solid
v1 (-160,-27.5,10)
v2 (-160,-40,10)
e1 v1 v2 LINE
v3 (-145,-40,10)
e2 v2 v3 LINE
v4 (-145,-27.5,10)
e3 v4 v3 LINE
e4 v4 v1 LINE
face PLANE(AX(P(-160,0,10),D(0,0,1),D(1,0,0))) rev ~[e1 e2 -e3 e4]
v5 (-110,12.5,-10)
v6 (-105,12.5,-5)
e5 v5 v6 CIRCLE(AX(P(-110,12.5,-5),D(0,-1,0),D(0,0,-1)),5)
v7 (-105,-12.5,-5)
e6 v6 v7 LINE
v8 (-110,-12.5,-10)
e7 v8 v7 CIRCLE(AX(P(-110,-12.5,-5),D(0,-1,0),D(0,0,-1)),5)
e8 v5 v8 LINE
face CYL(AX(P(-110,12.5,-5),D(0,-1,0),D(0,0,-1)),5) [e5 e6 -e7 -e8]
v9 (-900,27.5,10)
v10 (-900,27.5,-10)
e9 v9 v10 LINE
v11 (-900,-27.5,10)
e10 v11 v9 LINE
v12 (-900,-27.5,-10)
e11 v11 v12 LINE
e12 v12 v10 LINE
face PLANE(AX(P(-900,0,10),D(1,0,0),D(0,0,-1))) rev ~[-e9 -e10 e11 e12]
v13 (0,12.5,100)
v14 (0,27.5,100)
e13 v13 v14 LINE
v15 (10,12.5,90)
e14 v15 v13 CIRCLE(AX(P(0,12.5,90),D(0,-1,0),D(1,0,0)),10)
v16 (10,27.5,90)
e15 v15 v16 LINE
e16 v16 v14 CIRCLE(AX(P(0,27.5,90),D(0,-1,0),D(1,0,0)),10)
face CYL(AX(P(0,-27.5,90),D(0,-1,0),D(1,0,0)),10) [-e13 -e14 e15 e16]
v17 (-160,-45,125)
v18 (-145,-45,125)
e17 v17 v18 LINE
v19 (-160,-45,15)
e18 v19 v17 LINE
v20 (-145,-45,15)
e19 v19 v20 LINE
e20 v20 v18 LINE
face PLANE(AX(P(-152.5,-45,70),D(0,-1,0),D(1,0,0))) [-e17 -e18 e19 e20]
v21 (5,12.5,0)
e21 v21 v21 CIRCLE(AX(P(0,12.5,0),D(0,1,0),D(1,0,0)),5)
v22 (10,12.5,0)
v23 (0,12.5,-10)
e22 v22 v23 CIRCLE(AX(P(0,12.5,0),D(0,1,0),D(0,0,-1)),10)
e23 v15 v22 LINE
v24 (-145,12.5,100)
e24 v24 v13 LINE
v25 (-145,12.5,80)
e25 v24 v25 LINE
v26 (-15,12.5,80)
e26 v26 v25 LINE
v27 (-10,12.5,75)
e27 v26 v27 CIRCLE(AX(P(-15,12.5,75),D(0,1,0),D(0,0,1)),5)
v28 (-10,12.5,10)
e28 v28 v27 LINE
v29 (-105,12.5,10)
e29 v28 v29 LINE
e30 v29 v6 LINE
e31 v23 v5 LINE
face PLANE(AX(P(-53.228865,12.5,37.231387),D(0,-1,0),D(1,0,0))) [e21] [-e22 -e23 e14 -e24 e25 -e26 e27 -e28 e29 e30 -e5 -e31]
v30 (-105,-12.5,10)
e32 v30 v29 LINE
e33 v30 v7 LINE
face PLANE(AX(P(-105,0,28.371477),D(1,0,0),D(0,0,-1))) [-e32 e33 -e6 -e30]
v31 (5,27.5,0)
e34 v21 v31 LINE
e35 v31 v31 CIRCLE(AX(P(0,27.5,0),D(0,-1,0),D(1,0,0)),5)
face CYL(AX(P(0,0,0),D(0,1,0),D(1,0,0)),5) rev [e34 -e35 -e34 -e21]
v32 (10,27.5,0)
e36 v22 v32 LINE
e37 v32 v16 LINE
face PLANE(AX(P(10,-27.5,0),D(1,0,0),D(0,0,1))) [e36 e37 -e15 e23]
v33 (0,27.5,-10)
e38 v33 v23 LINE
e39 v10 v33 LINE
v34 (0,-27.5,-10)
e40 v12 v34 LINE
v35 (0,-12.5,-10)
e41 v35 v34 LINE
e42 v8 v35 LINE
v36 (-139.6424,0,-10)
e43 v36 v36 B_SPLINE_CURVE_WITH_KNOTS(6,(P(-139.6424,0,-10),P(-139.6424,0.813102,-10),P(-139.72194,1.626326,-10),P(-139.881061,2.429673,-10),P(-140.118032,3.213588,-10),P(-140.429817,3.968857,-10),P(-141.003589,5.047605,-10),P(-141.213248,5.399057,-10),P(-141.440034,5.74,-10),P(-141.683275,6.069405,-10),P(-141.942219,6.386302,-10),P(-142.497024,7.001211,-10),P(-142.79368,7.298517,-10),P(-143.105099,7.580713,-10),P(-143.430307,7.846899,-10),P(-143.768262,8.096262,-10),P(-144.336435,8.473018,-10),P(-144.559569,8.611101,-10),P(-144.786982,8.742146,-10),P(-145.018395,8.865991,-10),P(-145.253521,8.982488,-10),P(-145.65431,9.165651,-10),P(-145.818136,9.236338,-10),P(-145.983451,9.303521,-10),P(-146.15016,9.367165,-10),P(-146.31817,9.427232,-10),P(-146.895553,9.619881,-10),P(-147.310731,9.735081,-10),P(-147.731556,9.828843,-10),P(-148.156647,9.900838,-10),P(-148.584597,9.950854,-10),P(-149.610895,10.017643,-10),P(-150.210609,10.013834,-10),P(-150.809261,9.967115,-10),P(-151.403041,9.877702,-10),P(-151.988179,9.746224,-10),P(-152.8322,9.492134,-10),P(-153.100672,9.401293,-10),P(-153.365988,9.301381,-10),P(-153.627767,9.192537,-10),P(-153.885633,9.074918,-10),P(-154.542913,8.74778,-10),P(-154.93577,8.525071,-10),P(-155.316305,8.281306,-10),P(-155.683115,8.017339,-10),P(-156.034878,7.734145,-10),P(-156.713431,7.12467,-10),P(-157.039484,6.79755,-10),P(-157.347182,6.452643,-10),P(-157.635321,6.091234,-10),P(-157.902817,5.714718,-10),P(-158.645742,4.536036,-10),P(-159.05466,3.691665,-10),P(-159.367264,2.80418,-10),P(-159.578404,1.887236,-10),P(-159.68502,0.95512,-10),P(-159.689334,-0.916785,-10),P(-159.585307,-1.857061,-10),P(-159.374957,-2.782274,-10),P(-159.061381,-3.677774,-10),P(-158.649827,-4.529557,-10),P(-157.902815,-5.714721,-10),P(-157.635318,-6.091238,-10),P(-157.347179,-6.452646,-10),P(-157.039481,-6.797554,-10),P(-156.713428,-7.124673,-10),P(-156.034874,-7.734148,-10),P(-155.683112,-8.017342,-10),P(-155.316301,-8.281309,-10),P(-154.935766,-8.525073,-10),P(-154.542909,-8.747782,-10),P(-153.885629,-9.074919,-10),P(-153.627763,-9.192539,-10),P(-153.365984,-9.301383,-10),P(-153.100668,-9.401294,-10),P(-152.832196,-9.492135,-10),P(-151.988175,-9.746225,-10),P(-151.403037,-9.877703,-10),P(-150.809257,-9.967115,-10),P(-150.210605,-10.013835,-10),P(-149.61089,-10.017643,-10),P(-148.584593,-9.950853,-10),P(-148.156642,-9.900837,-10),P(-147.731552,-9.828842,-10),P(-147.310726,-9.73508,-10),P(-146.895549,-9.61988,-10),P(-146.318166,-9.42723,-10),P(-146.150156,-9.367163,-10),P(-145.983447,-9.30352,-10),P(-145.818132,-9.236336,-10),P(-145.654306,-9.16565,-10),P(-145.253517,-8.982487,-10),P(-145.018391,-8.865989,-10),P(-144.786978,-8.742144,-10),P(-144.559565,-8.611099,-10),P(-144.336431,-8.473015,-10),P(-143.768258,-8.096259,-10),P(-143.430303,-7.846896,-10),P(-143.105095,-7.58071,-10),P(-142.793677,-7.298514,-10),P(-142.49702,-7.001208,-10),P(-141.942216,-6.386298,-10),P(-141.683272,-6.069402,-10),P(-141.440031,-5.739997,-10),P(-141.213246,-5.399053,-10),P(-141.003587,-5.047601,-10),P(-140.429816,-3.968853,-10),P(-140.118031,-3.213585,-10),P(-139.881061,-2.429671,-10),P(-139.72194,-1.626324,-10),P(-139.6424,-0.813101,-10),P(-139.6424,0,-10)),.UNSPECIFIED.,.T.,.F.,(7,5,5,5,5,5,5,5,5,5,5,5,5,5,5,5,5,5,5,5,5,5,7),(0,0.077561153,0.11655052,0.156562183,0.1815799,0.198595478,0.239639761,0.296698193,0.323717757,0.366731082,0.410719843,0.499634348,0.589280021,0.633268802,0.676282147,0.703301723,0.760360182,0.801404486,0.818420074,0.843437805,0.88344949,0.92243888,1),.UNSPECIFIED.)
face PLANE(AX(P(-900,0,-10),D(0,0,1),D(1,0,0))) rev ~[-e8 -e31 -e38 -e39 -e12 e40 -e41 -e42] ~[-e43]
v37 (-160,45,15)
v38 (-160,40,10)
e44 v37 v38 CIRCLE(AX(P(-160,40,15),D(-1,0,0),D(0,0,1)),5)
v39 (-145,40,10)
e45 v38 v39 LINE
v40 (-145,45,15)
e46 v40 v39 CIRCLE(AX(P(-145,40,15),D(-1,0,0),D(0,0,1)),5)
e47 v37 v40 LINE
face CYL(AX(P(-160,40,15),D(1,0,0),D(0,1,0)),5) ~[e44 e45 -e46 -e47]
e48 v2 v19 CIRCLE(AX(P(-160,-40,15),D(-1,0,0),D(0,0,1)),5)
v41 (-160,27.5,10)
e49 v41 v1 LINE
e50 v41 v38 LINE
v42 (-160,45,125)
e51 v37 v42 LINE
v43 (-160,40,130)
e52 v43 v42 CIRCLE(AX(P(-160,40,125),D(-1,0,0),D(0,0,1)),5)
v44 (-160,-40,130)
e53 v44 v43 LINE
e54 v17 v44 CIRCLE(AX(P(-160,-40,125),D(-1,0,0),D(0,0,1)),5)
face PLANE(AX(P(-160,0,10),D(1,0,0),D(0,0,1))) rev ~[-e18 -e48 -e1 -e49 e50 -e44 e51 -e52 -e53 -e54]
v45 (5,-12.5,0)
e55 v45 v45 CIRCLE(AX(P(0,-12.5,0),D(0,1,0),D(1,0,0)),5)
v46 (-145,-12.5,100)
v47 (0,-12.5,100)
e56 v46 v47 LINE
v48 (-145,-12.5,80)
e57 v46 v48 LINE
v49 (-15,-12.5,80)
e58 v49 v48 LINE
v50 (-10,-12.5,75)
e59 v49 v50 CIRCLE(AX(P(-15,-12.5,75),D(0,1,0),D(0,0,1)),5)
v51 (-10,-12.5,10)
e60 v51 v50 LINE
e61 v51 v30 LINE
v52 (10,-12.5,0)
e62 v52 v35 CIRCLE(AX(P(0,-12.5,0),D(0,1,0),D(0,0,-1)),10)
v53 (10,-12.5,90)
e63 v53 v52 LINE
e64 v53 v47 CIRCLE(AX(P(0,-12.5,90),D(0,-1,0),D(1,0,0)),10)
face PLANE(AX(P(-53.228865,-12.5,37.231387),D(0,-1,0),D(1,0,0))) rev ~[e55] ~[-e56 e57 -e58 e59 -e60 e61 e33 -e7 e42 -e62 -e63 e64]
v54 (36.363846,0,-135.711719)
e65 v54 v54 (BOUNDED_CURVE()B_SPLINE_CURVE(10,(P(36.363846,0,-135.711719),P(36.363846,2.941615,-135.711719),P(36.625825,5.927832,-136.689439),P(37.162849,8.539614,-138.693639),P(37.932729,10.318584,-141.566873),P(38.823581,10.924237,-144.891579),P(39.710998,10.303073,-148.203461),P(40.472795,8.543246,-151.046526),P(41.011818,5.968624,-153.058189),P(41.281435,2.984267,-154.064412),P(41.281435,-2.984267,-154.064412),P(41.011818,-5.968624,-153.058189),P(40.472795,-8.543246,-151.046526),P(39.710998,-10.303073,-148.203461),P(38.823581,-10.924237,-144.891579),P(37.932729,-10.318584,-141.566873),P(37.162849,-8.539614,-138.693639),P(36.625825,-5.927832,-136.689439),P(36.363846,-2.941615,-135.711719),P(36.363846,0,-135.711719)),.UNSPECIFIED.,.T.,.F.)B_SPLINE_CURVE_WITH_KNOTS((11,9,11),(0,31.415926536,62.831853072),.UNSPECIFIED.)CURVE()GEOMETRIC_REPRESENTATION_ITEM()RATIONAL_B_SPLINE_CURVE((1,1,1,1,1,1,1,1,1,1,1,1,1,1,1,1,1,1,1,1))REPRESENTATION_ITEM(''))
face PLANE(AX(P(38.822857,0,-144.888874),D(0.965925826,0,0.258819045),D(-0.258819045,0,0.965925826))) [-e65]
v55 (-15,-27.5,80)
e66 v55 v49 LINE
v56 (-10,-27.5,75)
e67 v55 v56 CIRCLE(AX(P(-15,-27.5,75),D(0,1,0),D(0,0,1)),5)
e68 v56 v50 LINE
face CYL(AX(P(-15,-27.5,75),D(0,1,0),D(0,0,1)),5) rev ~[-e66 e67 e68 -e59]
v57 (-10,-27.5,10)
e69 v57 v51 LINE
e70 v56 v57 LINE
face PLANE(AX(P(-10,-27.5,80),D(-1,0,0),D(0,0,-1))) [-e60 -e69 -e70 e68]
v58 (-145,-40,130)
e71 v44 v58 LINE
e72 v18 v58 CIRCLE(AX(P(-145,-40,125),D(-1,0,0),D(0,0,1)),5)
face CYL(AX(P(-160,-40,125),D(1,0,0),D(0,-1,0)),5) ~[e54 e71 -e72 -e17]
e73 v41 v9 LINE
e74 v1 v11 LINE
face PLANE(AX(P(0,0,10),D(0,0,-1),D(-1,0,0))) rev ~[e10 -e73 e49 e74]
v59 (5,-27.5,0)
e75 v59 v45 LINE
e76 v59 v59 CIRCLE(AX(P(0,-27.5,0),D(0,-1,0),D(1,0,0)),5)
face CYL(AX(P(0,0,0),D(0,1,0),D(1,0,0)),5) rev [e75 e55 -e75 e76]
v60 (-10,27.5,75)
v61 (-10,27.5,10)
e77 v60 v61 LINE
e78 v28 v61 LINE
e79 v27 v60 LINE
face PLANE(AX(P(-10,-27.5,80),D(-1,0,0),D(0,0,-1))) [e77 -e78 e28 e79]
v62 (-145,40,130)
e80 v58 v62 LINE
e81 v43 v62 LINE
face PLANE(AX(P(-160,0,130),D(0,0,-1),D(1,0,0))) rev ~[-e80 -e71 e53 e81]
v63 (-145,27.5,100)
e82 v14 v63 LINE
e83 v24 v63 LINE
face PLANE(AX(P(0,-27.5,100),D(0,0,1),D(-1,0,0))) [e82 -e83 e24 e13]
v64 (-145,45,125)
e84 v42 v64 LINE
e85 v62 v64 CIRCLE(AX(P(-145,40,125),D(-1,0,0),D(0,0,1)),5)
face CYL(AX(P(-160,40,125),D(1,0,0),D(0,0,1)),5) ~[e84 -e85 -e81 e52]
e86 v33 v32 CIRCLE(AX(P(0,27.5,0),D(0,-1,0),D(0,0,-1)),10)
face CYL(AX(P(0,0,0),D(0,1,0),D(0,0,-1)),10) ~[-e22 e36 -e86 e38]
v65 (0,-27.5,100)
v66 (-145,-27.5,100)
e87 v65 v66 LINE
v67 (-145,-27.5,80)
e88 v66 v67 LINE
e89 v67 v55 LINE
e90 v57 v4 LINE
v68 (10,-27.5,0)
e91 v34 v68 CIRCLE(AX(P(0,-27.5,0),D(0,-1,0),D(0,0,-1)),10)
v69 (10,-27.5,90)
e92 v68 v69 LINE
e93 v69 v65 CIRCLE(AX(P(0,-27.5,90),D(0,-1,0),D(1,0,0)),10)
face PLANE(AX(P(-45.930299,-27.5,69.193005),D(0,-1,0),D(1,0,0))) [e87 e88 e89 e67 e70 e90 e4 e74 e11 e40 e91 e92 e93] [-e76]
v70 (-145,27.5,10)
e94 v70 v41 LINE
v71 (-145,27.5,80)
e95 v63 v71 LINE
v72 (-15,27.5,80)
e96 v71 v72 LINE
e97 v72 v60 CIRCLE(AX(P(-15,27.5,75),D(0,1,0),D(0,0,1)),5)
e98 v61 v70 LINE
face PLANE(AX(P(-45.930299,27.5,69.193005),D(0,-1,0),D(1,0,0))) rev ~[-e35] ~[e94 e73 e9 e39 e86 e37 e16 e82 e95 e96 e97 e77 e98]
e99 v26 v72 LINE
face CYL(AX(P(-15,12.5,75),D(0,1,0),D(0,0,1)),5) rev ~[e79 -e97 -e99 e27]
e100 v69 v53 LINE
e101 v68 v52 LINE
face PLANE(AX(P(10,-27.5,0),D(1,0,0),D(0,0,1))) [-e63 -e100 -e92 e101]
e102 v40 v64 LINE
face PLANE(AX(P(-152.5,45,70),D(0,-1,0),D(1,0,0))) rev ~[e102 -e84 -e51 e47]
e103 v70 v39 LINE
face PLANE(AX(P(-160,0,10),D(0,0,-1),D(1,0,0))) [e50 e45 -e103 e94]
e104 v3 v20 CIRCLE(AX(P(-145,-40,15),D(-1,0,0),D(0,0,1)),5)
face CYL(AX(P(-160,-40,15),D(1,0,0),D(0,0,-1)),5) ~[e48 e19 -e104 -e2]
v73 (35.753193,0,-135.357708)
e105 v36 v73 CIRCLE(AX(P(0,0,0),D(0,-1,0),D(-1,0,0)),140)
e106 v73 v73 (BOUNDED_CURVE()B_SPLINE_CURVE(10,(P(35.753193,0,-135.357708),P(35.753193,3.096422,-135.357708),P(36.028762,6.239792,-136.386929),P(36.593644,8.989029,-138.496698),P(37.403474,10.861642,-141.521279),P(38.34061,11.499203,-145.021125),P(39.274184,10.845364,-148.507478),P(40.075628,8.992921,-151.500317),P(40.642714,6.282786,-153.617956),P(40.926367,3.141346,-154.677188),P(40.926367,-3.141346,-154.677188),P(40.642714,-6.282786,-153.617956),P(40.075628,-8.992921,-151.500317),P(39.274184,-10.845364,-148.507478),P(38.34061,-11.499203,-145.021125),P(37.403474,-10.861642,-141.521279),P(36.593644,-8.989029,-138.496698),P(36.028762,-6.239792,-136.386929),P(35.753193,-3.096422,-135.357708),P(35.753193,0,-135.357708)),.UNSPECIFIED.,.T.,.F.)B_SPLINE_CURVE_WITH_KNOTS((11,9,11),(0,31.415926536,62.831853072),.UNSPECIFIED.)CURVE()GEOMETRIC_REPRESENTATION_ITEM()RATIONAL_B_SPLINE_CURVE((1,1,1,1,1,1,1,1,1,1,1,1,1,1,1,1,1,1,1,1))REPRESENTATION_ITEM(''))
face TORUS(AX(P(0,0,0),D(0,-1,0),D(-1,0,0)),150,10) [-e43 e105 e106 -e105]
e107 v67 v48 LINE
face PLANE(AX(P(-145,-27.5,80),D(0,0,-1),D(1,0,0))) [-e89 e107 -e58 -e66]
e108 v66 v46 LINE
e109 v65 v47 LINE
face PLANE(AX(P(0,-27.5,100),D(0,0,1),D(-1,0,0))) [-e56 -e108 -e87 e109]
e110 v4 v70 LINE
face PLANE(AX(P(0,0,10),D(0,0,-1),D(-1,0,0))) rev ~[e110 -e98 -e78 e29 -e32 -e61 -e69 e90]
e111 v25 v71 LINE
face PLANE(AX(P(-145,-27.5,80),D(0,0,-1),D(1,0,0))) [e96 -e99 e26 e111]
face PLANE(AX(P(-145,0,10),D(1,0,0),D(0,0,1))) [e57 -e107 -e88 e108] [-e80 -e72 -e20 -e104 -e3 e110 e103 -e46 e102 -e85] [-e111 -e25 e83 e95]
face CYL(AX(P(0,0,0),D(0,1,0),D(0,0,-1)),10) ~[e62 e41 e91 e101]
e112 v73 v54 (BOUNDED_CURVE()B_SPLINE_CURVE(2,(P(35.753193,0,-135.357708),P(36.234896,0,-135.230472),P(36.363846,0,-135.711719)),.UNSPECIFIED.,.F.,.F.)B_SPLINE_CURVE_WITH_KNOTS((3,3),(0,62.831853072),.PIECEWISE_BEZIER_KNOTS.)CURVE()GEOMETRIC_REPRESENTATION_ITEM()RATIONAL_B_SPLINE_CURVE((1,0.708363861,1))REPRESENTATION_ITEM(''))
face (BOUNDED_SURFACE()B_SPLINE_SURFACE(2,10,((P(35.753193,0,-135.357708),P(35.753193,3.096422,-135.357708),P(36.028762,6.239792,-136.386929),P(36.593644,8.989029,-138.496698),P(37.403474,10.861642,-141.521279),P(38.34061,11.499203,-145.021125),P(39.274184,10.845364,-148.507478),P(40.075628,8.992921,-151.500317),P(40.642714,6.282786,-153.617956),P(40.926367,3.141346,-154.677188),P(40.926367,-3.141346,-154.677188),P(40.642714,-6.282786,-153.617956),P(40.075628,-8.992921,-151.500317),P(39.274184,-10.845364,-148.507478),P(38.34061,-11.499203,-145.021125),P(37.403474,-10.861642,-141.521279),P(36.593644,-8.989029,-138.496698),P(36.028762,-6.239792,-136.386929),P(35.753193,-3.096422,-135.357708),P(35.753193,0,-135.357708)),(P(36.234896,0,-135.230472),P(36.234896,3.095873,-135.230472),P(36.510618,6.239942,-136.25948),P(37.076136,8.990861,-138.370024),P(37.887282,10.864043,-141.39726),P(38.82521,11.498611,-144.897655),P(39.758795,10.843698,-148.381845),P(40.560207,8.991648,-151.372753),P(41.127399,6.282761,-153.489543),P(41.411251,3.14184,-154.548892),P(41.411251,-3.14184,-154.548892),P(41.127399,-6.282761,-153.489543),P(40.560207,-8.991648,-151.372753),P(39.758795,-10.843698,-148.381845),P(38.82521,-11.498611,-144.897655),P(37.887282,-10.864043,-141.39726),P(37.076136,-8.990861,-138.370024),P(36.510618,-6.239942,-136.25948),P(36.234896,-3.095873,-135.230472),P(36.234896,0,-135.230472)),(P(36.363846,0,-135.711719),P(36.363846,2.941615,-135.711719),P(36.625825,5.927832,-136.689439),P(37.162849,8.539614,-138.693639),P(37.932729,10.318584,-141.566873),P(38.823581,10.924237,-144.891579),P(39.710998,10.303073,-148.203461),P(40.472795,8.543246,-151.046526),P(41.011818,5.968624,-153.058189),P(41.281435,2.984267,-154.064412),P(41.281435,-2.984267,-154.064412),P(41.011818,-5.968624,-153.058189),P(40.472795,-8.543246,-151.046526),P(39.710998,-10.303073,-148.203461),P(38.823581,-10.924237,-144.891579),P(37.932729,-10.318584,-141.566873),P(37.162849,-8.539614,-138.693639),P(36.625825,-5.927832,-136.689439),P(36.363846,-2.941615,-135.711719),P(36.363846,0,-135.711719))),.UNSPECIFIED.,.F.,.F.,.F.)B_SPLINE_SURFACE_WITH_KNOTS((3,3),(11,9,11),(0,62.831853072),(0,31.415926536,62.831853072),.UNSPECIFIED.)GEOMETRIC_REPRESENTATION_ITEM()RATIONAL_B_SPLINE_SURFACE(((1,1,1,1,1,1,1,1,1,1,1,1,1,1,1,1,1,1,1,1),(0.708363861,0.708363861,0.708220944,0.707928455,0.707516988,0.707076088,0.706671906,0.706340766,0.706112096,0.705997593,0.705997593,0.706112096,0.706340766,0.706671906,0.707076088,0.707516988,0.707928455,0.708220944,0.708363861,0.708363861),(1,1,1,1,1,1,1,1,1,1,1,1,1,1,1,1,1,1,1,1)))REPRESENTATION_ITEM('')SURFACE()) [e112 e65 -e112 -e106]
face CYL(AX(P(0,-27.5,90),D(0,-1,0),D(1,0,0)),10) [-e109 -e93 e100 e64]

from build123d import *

# Parameters (mm, degrees)
F0_R           = 5
F1_DEPTH       = 27.5
F1_DEPTH_BACK  = 27.5
F4_R           = 5
F5_DEPTH       = 55
F7_DEPTH       = 12.5
F7_DEPTH_BACK  = 12.5
F9_W           = 15
F9_H           = 120
F10_DEPTH      = 45
F10_DEPTH_BACK = 45
F11_R          = 5
F12_R          = 5
F14_R          = 10
F16_R          = 5
F17_R          = 0.5


with BuildPart() as f1:
    # F0 (on Front) → F1 (new body, two sides)
    with BuildSketch(Plane.XZ) as f1_sk:
        with BuildLine():
            Line((-900, -10), (0, -10))
            ThreePointArc((0, -10), (10, 0), (0, 10))
            Line((0, 10), (-900, 10))
            Line((-900, 10), (-900, -10))
        make_face()
        Circle(F0_R, mode=Mode.SUBTRACT)
    extrude(amount=-F1_DEPTH)
    extrude(f1_sk.sketch, amount=F1_DEPTH_BACK)

    # F4 (on offset) → F5 (join)
    with BuildSketch(Plane.XZ.offset(27.5)):
        with BuildLine():
            Line((-10, 80), (-10, 0))
            ThreePointArc((-10, 0), (0, -10), (10, 0))
            Line((10, 0), (10, 90))
            ThreePointArc((10, 90), (7.0710678119, 97.0710678119), (0, 100))
            Line((0, 100), (-145, 100))
            Line((-145, 100), (-145, 80))
            Line((-145, 80), (-10, 80))
        make_face()
        Circle(F4_R, mode=Mode.SUBTRACT)
    extrude(amount=-F5_DEPTH)

    # F6 (on offset) → F7 (cut, two sides)
    with BuildSketch(Plane.XZ) as f7_sk:
        Polygon((-105, -42.0839144895), (30, -42.0839144895), (30, 107.9160855105), (-145, 107.9160855105), (-145, 27.9160855105), (-105, 28.3714774996), align=None)
    extrude(amount=-F7_DEPTH, mode=Mode.SUBTRACT)
    extrude(f7_sk.sketch, amount=F7_DEPTH_BACK, mode=Mode.SUBTRACT)

    # F9 (on offset) → F10 (join, two sides)
    with BuildSketch(Plane.XZ) as f10_sk:
        with Locations((-152.5, 70)):
            Rectangle(F9_W, F9_H)
    extrude(amount=F10_DEPTH)
    extrude(f10_sk.sketch, amount=-F10_DEPTH_BACK)

    # F11
    f11_edges = [f1.edges().sort_by_distance(p)[0] for p in [
        (-152.5, -45, 130),
        (-152.5, 45, 130),
        (-152.5, -45, 10),
        (-152.5, 45, 10),
    ]]
    fillet(f11_edges, radius=F11_R)

    # F12
    f12_edges = [f1.edges().sort_by_distance(p)[0] for p in [
        (-10, -20, 80),
        (-10, 20, 80),
    ]]
    fillet(f12_edges, radius=F12_R)

    # F15: sweep along a path in F8
    with BuildLine(Plane.XZ) as f15_path:
        ThreePointArc((-150, 0), (-91.3142143513, -119.0030010437), (38.8228567654, -144.8888739434))
    # F14 (on offset) → F15 (sweep)
    with BuildSketch(Plane(origin=(0, 0, 0), x_dir=(1, 0, 0), z_dir=(0, 0, -1))):
        with Locations((-150, 0)):
            Circle(F14_R)
    sweep(path=f15_path.line)

    # F16
    f16_edges = [f1.edges().sort_by_distance(p)[0] for p in [
        (-105, 0, -10),
    ]]
    fillet(f16_edges, radius=F16_R)

    # F17
    f17_edges = [f1.edges().sort_by_distance(p)[0] for p in [
        (41.411047, 0, -154.548132),
    ]]
    fillet(f17_edges, radius=F17_R)


solid = f1.part
